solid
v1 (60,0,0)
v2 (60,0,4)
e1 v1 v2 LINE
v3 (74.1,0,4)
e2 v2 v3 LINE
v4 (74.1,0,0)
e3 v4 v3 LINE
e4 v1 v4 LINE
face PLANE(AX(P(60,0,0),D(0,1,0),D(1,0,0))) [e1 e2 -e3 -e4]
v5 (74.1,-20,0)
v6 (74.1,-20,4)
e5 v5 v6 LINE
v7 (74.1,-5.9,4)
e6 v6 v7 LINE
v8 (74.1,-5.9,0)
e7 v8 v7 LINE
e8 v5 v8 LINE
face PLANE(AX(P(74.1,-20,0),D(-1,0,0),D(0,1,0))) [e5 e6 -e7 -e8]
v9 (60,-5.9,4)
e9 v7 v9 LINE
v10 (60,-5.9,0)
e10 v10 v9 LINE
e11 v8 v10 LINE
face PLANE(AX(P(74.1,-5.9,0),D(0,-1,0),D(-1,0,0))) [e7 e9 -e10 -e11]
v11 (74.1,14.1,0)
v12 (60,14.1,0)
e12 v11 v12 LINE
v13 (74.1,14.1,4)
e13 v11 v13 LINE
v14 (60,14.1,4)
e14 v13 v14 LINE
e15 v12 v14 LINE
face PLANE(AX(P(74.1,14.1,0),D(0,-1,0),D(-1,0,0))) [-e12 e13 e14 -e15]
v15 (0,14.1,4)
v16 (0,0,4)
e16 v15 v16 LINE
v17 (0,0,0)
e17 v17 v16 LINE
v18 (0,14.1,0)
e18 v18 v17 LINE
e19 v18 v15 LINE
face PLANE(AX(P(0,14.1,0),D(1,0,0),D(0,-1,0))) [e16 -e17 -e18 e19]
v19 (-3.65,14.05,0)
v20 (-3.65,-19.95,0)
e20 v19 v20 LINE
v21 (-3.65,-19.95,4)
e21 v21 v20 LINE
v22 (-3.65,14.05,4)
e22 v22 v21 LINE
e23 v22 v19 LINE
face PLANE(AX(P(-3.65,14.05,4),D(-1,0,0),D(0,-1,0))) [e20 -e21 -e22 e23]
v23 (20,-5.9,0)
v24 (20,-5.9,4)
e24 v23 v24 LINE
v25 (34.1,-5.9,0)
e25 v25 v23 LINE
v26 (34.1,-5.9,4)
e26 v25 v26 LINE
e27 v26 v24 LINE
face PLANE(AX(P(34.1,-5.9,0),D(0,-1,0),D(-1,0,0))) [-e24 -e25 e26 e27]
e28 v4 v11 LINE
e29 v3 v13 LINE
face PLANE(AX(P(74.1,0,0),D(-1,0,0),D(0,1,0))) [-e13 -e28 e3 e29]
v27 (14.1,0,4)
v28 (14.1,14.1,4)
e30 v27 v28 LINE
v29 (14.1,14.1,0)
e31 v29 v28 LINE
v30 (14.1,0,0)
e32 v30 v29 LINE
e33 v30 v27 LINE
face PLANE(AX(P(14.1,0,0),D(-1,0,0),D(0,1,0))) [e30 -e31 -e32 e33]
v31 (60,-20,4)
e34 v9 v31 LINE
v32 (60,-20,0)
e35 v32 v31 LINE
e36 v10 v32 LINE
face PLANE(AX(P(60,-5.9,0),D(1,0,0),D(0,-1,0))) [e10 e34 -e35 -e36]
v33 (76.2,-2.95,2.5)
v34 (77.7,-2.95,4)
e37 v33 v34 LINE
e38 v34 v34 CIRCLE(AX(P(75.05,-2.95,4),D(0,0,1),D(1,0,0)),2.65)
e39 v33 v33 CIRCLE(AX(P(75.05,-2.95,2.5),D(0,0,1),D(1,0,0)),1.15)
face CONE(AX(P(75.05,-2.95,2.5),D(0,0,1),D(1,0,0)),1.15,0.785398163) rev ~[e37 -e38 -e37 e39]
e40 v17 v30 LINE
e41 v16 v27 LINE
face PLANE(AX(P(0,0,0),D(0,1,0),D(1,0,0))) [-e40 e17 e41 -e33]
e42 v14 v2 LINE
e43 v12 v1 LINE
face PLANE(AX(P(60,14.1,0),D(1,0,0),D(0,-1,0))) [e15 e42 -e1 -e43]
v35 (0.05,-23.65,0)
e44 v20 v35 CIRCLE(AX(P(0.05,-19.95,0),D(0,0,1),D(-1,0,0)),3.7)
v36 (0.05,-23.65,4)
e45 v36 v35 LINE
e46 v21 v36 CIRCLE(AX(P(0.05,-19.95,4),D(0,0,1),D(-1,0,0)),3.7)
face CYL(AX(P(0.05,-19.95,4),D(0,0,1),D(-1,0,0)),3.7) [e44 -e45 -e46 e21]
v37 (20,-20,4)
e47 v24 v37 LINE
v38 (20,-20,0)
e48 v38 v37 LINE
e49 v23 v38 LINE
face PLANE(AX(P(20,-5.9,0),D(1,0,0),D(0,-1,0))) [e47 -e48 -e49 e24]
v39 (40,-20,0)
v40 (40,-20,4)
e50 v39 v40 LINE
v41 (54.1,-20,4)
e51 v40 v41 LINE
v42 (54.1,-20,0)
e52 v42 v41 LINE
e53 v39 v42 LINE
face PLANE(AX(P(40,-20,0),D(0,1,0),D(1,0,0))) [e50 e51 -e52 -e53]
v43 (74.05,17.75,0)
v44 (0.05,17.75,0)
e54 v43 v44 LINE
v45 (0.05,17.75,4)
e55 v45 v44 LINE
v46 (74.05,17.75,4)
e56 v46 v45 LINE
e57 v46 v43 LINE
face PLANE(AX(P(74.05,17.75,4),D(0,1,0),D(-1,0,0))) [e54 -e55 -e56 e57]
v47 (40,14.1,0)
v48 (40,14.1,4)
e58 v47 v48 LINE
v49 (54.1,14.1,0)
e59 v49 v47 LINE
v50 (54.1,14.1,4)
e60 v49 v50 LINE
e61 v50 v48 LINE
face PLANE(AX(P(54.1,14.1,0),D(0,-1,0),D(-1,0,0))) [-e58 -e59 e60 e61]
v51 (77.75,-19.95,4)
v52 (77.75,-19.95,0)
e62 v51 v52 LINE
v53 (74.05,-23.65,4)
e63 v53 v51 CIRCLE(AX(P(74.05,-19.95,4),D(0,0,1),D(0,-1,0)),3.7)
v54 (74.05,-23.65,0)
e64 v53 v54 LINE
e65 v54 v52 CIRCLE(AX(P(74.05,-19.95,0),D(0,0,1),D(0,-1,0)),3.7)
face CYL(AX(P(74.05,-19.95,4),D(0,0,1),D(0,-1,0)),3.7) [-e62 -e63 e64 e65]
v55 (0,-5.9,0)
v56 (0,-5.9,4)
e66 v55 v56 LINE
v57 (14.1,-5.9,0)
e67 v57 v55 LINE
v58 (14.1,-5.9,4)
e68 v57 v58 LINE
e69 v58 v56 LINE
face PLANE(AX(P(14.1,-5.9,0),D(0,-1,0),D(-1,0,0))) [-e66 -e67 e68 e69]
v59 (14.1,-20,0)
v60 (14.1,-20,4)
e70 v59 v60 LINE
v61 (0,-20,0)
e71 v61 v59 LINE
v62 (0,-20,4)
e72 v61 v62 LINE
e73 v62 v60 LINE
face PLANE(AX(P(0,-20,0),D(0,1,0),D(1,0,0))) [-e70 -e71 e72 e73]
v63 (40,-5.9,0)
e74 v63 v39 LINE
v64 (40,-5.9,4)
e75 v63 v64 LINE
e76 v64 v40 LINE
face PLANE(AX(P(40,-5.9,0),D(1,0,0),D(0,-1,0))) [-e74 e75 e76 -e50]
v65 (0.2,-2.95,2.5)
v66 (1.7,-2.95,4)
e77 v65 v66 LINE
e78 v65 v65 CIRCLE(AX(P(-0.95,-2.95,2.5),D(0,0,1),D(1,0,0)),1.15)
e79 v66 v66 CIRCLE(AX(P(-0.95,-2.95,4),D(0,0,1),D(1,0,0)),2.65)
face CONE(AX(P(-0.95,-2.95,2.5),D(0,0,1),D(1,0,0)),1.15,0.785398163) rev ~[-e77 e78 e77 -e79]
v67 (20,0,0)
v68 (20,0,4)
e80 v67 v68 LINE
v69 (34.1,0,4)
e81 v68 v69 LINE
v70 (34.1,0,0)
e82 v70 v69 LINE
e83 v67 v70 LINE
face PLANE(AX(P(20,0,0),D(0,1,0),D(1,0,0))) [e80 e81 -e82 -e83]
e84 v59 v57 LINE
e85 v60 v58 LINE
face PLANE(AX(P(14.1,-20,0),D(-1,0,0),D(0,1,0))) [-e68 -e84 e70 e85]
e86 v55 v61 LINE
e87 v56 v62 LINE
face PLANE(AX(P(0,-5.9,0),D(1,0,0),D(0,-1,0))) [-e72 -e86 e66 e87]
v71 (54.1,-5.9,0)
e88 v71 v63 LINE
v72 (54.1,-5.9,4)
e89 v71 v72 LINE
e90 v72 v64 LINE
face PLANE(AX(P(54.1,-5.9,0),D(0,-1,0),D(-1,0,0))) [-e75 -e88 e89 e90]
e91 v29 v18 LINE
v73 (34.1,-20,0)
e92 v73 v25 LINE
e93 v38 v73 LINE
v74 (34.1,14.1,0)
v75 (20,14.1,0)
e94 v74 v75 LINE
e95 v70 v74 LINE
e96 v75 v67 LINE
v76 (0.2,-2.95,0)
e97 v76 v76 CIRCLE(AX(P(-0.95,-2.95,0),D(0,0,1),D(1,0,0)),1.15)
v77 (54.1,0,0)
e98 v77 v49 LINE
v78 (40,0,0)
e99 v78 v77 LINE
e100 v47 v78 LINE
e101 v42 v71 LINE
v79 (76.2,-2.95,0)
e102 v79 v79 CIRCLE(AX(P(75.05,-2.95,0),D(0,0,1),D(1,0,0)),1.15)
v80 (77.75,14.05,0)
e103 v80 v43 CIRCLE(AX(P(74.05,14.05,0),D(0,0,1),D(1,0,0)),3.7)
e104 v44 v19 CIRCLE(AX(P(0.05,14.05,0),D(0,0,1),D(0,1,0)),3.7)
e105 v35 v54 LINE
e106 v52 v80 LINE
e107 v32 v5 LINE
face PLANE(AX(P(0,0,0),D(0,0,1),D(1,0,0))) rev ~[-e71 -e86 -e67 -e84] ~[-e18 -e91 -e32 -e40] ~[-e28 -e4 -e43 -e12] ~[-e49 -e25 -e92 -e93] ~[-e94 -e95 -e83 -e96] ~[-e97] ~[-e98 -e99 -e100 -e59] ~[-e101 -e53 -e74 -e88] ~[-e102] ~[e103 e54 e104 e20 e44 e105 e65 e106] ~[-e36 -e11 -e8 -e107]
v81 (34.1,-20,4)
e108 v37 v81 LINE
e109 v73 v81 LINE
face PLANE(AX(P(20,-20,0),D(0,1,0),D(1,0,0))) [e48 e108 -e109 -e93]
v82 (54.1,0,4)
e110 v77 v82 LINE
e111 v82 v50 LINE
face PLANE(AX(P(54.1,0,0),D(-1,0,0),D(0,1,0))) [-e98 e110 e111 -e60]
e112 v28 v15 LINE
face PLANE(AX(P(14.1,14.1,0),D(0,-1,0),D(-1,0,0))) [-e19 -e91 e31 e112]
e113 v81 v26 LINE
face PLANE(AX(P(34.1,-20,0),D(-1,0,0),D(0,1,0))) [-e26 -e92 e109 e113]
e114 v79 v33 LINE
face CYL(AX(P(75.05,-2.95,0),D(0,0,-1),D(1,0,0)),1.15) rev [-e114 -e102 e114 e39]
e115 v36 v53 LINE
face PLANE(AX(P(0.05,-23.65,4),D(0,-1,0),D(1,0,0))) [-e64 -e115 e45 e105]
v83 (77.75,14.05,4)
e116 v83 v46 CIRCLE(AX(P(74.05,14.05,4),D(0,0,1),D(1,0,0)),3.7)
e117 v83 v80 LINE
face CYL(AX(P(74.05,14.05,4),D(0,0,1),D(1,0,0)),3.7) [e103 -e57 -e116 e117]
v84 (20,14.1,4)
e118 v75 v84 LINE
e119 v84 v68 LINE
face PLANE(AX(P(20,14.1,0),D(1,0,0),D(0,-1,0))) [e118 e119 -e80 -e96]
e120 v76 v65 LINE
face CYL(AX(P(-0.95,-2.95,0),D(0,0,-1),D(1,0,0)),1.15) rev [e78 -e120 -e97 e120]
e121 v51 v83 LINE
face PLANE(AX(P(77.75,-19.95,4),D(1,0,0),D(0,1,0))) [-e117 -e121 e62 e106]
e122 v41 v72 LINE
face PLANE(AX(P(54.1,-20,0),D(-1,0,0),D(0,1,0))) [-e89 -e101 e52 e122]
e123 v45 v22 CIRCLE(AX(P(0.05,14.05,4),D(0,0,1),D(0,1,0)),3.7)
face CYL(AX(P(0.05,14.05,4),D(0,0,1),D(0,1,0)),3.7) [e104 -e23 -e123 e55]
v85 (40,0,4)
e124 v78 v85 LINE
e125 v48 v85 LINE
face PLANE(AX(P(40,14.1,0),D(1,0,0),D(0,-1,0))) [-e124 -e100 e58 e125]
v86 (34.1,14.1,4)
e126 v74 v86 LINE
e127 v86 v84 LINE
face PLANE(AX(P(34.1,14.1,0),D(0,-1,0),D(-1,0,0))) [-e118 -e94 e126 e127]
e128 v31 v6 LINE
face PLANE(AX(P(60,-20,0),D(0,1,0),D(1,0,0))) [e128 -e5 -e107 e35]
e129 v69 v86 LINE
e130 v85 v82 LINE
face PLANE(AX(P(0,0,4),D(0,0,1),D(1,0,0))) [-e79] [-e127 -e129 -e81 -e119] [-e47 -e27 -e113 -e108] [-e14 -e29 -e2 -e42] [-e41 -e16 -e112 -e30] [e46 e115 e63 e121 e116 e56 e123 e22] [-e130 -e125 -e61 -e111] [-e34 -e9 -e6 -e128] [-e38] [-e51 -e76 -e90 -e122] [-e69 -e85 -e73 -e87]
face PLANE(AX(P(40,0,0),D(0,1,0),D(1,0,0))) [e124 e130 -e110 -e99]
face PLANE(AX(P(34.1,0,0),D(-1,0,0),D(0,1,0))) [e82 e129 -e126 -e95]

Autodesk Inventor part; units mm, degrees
ref_plane "YZ Plane" through (0, 0, 0) normal (1, 0, 0) x (0, 1, 0)
ref_plane "XZ Plane" through (0, 0, 0) normal (0, 1, 0) x (-1, 0, 0)
ref_plane "XY Plane" through (0, 0, 0) normal (0, 0, 1) x (1, 0, 0)
sketch "Sketch2" plane through (0, 0, 0) normal (0, 0, 1) x (1, 0, 0)
  line L0 (0, 0) -> (14.1, 0)
  line L1 (14.1, 0) -> (14.1, 14.1)
  line L2 (14.1, 14.1) -> (0, 14.1)
  line L3 (0, 14.1) -> (0, 0)
  line L4 (20, 0) -> (34.1, 0)
  line L5 (34.1, 0) -> (34.1, 14.1)
  line L6 (34.1, 14.1) -> (20, 14.1)
  line L7 (20, 14.1) -> (20, 0)
  line L8 (40, 0) -> (54.1, 0)
  line L9 (54.1, 0) -> (54.1, 14.1)
  line L10 (54.1, 14.1) -> (40, 14.1)
  line L11 (40, 14.1) -> (40, 0)
  line L12 (60, 0) -> (74.1, 0)
  line L13 (74.1, 0) -> (74.1, 14.1)
  line L14 (74.1, 14.1) -> (60, 14.1)
  line L15 (60, 14.1) -> (60, 0)
  line L16 (0, -20) -> (14.1, -20)
  line L17 (14.1, -20) -> (14.1, -5.9)
  line L18 (14.1, -5.9) -> (0, -5.9)
  line L19 (0, -5.9) -> (0, -20)
  line L20 (20, -20) -> (34.1, -20)
  line L21 (34.1, -20) -> (34.1, -5.9)
  line L22 (34.1, -5.9) -> (20, -5.9)
  line L23 (20, -5.9) -> (20, -20)
  line L24 (40, -20) -> (54.1, -20)
  line L25 (54.1, -20) -> (54.1, -5.9)
  line L26 (54.1, -5.9) -> (40, -5.9)
  line L27 (40, -5.9) -> (40, -20)
  line L28 (60, -20) -> (74.1, -20)
  line L29 (74.1, -20) -> (74.1, -5.9)
  line L30 (74.1, -5.9) -> (60, -5.9)
  line L31 (60, -5.9) -> (60, -20)
  line L32 (0.05, 18.05) -> (74.05, 18.05)
  line L33 (78.05, 14.05) -> (78.05, -19.95)
  line L34 (74.05, -23.95) -> (0.05, -23.95)
  line L35 (-3.95, -19.95) -> (-3.95, 14.05)
  arc A0 (0.05, 18.05) -> (-3.95, 14.05) centre (0.05, 14.05) ccw
  arc A1 (-3.95, -19.95) -> (0.05, -23.95) centre (0.05, -19.95) ccw
  arc A2 (74.05, -23.95) -> (78.05, -19.95) centre (74.05, -19.95) ccw
  arc A3 (78.05, 14.05) -> (74.05, 18.05) centre (74.05, 14.05) ccw
  circle A4 centre (-0.95, -2.95) radius 1.15
  circle A5 centre (75.05, -2.95) radius 1.15
  point P0 (-3.95, 18.05)
  point P1 (78.05, -23.95)
  point P2 (78.05, 18.05)
  point P3 (-3.95, -23.95)
  dimension "d0" = 14.1
  dimension "d1" = 14.1
  dimension "d6" = 20
  dimension "d9" = 20
  dimension "d18" = 4
  dimension "d19" = 2.3
  dimension "d20" = 3
  dimension "d22" = 21
  dimension "d23" = 42
  dimension "d24" = 82
  dimension "d25" = 3
  dimension "d26" = 21
  dimension "d27" = 23.95
  dimension "d28" = 38.05
extrude "Extrusion1" add sketch "Sketch2" along normal blind 4
chamfer "Chamfer1" distance 1.5 angle 45 2 edges at (-2.1, -2.95, 4) (73.9, -2.95, 4)
sketch "Sketch3" plane through (0, 0, 4) normal (0, 0, 1) x (1, 0, 0)
  line L0 (0.05, 18.05) -> (74.05, 18.05)
  line L1 (78.05, 14.05) -> (78.05, -19.95)
  line L2 (74.05, -23.95) -> (0.05, -23.95)
  line L3 (-3.95, -19.95) -> (-3.95, 14.05)
  arc A0 (0.05, 18.05) -> (-3.95, 14.05) centre (0.05, 14.05) ccw
  arc A1 (-3.95, -19.95) -> (0.05, -23.95) centre (0.05, -19.95) ccw
  arc A2 (74.05, -23.95) -> (78.05, -19.95) centre (74.05, -19.95) ccw
  arc A3 (78.05, 14.05) -> (74.05, 18.05) centre (74.05, 14.05) ccw
  line L4 (74.05, 17.75) -> (0.05, 17.75)
  arc A4 (0.05, 17.75) -> (-3.65, 14.05) centre (0.05, 14.05) ccw
  line L5 (-3.65, 14.05) -> (-3.65, -19.95)
  arc A5 (-3.65, -19.95) -> (0.05, -23.65) centre (0.05, -19.95) ccw
  line L6 (0.05, -23.65) -> (74.05, -23.65)
  arc A6 (74.05, -23.65) -> (77.75, -19.95) centre (74.05, -19.95) ccw
  line L7 (77.75, -19.95) -> (77.75, 14.05)
  arc A7 (77.75, 14.05) -> (74.05, 17.75) centre (74.05, 14.05) ccw
  point P0 (0, 0)
  dimension "d32" = 4
  dimension "d33" = 0.3
extrude "Extrusion2" cut sketch "Sketch3" against normal blind 10
properties part number "Plate"
